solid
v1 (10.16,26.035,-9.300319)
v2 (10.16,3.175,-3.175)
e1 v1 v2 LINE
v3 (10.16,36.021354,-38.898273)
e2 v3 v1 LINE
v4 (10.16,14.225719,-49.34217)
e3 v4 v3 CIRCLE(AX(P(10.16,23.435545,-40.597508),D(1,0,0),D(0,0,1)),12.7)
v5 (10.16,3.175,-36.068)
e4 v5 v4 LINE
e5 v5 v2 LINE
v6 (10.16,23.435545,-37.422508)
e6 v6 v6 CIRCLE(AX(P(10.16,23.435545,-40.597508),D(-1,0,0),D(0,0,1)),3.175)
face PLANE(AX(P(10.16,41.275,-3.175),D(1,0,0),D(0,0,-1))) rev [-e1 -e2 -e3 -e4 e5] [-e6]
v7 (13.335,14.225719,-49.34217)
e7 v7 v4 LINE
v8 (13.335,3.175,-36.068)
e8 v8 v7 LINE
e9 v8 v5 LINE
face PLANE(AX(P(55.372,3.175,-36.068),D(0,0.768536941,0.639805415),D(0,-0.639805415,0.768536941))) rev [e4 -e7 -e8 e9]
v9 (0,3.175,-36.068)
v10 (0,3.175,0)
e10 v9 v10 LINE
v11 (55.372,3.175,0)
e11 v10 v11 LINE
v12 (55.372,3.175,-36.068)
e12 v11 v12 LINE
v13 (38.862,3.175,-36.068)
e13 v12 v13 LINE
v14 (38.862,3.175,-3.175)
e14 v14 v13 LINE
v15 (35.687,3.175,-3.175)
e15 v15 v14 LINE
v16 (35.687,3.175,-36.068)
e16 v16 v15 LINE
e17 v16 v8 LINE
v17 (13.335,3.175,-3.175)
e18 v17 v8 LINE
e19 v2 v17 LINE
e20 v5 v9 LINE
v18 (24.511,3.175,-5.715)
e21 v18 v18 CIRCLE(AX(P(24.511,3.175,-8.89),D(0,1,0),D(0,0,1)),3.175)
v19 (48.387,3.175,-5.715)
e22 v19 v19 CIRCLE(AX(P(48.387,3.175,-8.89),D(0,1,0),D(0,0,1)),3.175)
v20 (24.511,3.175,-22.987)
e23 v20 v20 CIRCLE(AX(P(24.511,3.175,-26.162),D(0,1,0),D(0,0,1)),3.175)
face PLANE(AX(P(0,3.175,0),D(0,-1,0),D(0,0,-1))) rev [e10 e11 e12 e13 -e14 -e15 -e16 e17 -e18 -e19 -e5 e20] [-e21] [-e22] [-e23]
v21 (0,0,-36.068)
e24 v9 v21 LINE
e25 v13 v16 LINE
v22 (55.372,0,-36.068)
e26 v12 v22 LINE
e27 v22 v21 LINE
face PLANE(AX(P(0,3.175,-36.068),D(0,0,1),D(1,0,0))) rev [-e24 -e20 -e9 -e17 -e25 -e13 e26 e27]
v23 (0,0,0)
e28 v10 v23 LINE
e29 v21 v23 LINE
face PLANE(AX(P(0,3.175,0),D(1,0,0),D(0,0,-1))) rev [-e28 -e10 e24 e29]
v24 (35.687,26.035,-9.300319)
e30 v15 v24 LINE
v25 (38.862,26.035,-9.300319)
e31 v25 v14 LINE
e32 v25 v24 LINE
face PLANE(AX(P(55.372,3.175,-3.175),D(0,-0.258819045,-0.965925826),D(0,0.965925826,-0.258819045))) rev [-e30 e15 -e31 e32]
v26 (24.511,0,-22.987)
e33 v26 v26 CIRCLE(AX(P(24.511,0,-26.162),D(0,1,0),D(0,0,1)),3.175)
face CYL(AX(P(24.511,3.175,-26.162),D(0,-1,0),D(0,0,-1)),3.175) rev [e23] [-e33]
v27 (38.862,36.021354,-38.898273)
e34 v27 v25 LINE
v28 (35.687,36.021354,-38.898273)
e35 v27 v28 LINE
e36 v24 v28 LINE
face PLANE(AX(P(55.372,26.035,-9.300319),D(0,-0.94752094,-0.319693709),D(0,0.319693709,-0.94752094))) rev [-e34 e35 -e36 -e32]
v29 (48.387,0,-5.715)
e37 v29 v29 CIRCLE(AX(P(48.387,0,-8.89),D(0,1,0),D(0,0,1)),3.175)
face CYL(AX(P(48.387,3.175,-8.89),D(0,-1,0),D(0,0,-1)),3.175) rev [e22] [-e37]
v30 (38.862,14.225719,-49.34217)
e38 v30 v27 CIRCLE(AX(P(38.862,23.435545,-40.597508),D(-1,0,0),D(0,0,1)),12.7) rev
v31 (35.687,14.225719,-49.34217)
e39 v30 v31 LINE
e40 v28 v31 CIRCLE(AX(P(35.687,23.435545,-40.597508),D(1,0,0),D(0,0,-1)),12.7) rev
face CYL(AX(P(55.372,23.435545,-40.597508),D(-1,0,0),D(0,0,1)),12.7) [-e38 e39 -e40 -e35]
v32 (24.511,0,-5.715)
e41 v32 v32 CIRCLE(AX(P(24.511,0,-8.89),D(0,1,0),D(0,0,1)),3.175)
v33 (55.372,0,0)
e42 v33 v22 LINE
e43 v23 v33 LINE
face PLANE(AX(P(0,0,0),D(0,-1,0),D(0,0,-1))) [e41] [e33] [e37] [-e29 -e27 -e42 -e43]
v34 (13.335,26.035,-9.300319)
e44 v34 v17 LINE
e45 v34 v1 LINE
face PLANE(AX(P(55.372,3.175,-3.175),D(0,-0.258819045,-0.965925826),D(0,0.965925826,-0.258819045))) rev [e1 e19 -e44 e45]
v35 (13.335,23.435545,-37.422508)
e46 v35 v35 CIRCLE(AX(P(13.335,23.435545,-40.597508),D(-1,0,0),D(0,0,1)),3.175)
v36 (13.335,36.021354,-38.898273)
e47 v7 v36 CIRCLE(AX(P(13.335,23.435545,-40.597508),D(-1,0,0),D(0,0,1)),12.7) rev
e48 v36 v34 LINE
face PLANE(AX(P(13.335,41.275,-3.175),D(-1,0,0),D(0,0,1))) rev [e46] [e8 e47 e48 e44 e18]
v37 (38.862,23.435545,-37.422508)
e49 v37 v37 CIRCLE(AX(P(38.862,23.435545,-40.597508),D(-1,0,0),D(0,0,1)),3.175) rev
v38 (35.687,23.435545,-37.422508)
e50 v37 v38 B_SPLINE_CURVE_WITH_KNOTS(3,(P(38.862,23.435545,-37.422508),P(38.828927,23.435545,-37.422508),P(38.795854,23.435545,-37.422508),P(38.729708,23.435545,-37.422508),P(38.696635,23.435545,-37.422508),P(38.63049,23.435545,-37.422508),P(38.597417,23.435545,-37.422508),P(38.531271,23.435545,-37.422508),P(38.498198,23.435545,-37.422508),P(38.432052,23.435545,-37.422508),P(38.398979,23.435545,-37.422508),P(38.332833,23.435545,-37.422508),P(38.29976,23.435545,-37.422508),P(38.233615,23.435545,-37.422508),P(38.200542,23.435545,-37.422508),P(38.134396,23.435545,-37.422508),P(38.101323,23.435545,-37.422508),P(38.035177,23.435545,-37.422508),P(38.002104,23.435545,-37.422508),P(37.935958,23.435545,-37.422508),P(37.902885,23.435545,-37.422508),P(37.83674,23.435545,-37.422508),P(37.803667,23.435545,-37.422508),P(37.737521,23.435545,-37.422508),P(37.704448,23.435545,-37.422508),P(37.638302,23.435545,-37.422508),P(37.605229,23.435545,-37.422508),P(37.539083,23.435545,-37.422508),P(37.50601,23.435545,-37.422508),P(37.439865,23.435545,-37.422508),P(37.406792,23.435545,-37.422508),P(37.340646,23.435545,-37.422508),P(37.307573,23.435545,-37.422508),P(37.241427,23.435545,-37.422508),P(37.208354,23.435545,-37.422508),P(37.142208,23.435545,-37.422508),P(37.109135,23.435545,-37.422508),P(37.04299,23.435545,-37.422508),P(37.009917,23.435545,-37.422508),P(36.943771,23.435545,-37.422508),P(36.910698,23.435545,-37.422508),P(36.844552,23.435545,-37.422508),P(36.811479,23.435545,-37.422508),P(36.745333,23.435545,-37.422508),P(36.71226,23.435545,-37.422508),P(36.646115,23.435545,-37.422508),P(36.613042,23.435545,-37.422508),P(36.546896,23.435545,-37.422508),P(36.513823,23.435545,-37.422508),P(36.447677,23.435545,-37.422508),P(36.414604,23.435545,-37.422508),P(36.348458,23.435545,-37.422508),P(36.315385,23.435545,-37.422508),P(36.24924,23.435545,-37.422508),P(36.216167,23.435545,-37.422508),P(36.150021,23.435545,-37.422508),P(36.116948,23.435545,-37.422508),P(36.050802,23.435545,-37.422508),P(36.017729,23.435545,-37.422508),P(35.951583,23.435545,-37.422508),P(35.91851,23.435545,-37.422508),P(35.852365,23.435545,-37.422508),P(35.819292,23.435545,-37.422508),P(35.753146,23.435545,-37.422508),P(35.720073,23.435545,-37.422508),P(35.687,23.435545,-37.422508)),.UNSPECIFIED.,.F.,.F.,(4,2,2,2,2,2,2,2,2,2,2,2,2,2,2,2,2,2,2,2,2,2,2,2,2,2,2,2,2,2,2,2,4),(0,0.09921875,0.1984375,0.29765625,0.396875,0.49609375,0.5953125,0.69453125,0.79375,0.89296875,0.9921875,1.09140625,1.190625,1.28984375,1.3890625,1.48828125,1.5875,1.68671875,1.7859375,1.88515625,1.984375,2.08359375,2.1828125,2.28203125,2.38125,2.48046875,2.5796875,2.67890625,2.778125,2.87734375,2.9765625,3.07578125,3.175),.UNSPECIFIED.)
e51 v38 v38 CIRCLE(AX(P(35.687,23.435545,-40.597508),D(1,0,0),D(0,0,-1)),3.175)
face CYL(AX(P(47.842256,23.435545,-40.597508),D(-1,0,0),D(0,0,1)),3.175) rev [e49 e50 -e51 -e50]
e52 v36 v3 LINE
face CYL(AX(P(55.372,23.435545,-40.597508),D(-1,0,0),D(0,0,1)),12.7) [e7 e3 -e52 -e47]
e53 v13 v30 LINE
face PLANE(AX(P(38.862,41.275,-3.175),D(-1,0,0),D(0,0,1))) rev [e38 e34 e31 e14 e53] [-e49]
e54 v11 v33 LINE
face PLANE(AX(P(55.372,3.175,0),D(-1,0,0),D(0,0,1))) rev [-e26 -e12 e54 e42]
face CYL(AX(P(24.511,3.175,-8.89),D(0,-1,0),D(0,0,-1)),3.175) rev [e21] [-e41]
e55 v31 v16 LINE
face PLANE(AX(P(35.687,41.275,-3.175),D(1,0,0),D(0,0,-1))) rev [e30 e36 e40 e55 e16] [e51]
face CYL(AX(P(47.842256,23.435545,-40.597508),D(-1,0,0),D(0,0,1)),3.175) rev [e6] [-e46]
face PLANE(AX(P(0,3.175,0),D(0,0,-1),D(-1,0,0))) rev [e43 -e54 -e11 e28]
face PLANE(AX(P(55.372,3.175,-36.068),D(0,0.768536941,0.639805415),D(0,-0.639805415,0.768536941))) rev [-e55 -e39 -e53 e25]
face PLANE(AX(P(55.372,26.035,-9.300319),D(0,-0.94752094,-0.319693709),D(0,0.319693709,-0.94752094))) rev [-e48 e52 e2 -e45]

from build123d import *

# Parameters (mm, degrees)
SKETCH1_W           = 55.372
SKETCH1_H           = 36.068
SKETCH1_R           = 3.175
BOSS_EXTRUDE1_DEPTH = 3.175
SKETCH2_W           = 3.175
SKETCH2_H           = 50.8
BOSS_EXTRUDE2_DEPTH = 38.1
CUT_EXTRUDE1_REACH  = 83.615
SKETCH3_R           = 3.175
CUT_EXTRUDE2_DEPTH  = 82.615263242


with BuildPart() as part:
    # Sketch1 → Boss-Extrude1 (new body)
    with BuildSketch(Plane(origin=(0, 0, 0), x_dir=(1, 0, 0), z_dir=(0, 1, 0))):
        with Locations((27.686, 18.034)):
            Rectangle(SKETCH1_W, SKETCH1_H)
        with Locations(Location((24.511, 8.89, 0), (0, 0, 270))):
            Circle(SKETCH1_R, mode=Mode.SUBTRACT)
        with Locations(Location((24.511, 26.162, 0), (0, 0, 270))):
            Circle(SKETCH1_R, mode=Mode.SUBTRACT)
        with Locations(Location((48.387, 8.89, 0), (0, 0, 270))):
            Circle(SKETCH1_R, mode=Mode.SUBTRACT)
    extrude(amount=BOSS_EXTRUDE1_DEPTH)

    # Sketch2 → Boss-Extrude2 (add)
    with BuildSketch(Plane(origin=(0, 3.175, 0), x_dir=(1, 0, 0), z_dir=(0, 1, 0))):
        with Locations((11.7475, 28.575)):
            Rectangle(SKETCH2_W, SKETCH2_H)
        with Locations((37.2745, 28.575)):
            Rectangle(SKETCH2_W, SKETCH2_H)
    extrude(amount=BOSS_EXTRUDE2_DEPTH)

    # Cut-Extrude1: up to this face of the body (flat: up to its plane)
    cut_extrude1_end = Plane(part.part.faces().sort_by_distance((38.862, 22.225, -28.575))[0])
    # Sketch3 → Cut-Extrude1 (cut, up to the picked face)
    with BuildSketch(Plane.ZY.offset(-10.16), mode=Mode.PRIVATE) as cut_extrude1_sk1:
        with Locations((-40.597508243, 23.435544859)):
            Circle(SKETCH3_R)
    cut_extrude1_tool1 = split(extrude(cut_extrude1_sk1.sketch, amount=-CUT_EXTRUDE1_REACH, mode=Mode.PRIVATE), bisect_by=cut_extrude1_end, keep=Keep.BOTH, mode=Mode.PRIVATE)
    add(cut_extrude1_tool1.solids().sort_by(Axis((10.16, 23.435545, -40.597508), (1, 0, 0)))[0], mode=Mode.SUBTRACT)

    # Sketch4 → Cut-Extrude2 (cut, through all)
    with BuildSketch(Plane.ZY.offset(-10.16)):
        with BuildLine():
            Line((-3.175, 3.175), (-3.175, 41.275))
            Line((-3.175, 41.275), (-53.975, 41.275))
            Line((-53.975, 41.275), (-53.975, 3.175))
            Line((-53.975, 3.175), (-36.068, 3.175))
            Line((-36.068, 3.175), (-49.342170052, 14.225719136))
            ThreePointArc((-49.342170052, 14.225719136), (-52.050540003, 28.923537523), (-38.898272892, 36.021354297))
            Line((-38.898272892, 36.021354297), (-9.300318539, 26.035))
            Line((-9.300318539, 26.035), (-3.175, 3.175))
        make_face()
    extrude(amount=-CUT_EXTRUDE2_DEPTH, mode=Mode.SUBTRACT)


solid = part.part
